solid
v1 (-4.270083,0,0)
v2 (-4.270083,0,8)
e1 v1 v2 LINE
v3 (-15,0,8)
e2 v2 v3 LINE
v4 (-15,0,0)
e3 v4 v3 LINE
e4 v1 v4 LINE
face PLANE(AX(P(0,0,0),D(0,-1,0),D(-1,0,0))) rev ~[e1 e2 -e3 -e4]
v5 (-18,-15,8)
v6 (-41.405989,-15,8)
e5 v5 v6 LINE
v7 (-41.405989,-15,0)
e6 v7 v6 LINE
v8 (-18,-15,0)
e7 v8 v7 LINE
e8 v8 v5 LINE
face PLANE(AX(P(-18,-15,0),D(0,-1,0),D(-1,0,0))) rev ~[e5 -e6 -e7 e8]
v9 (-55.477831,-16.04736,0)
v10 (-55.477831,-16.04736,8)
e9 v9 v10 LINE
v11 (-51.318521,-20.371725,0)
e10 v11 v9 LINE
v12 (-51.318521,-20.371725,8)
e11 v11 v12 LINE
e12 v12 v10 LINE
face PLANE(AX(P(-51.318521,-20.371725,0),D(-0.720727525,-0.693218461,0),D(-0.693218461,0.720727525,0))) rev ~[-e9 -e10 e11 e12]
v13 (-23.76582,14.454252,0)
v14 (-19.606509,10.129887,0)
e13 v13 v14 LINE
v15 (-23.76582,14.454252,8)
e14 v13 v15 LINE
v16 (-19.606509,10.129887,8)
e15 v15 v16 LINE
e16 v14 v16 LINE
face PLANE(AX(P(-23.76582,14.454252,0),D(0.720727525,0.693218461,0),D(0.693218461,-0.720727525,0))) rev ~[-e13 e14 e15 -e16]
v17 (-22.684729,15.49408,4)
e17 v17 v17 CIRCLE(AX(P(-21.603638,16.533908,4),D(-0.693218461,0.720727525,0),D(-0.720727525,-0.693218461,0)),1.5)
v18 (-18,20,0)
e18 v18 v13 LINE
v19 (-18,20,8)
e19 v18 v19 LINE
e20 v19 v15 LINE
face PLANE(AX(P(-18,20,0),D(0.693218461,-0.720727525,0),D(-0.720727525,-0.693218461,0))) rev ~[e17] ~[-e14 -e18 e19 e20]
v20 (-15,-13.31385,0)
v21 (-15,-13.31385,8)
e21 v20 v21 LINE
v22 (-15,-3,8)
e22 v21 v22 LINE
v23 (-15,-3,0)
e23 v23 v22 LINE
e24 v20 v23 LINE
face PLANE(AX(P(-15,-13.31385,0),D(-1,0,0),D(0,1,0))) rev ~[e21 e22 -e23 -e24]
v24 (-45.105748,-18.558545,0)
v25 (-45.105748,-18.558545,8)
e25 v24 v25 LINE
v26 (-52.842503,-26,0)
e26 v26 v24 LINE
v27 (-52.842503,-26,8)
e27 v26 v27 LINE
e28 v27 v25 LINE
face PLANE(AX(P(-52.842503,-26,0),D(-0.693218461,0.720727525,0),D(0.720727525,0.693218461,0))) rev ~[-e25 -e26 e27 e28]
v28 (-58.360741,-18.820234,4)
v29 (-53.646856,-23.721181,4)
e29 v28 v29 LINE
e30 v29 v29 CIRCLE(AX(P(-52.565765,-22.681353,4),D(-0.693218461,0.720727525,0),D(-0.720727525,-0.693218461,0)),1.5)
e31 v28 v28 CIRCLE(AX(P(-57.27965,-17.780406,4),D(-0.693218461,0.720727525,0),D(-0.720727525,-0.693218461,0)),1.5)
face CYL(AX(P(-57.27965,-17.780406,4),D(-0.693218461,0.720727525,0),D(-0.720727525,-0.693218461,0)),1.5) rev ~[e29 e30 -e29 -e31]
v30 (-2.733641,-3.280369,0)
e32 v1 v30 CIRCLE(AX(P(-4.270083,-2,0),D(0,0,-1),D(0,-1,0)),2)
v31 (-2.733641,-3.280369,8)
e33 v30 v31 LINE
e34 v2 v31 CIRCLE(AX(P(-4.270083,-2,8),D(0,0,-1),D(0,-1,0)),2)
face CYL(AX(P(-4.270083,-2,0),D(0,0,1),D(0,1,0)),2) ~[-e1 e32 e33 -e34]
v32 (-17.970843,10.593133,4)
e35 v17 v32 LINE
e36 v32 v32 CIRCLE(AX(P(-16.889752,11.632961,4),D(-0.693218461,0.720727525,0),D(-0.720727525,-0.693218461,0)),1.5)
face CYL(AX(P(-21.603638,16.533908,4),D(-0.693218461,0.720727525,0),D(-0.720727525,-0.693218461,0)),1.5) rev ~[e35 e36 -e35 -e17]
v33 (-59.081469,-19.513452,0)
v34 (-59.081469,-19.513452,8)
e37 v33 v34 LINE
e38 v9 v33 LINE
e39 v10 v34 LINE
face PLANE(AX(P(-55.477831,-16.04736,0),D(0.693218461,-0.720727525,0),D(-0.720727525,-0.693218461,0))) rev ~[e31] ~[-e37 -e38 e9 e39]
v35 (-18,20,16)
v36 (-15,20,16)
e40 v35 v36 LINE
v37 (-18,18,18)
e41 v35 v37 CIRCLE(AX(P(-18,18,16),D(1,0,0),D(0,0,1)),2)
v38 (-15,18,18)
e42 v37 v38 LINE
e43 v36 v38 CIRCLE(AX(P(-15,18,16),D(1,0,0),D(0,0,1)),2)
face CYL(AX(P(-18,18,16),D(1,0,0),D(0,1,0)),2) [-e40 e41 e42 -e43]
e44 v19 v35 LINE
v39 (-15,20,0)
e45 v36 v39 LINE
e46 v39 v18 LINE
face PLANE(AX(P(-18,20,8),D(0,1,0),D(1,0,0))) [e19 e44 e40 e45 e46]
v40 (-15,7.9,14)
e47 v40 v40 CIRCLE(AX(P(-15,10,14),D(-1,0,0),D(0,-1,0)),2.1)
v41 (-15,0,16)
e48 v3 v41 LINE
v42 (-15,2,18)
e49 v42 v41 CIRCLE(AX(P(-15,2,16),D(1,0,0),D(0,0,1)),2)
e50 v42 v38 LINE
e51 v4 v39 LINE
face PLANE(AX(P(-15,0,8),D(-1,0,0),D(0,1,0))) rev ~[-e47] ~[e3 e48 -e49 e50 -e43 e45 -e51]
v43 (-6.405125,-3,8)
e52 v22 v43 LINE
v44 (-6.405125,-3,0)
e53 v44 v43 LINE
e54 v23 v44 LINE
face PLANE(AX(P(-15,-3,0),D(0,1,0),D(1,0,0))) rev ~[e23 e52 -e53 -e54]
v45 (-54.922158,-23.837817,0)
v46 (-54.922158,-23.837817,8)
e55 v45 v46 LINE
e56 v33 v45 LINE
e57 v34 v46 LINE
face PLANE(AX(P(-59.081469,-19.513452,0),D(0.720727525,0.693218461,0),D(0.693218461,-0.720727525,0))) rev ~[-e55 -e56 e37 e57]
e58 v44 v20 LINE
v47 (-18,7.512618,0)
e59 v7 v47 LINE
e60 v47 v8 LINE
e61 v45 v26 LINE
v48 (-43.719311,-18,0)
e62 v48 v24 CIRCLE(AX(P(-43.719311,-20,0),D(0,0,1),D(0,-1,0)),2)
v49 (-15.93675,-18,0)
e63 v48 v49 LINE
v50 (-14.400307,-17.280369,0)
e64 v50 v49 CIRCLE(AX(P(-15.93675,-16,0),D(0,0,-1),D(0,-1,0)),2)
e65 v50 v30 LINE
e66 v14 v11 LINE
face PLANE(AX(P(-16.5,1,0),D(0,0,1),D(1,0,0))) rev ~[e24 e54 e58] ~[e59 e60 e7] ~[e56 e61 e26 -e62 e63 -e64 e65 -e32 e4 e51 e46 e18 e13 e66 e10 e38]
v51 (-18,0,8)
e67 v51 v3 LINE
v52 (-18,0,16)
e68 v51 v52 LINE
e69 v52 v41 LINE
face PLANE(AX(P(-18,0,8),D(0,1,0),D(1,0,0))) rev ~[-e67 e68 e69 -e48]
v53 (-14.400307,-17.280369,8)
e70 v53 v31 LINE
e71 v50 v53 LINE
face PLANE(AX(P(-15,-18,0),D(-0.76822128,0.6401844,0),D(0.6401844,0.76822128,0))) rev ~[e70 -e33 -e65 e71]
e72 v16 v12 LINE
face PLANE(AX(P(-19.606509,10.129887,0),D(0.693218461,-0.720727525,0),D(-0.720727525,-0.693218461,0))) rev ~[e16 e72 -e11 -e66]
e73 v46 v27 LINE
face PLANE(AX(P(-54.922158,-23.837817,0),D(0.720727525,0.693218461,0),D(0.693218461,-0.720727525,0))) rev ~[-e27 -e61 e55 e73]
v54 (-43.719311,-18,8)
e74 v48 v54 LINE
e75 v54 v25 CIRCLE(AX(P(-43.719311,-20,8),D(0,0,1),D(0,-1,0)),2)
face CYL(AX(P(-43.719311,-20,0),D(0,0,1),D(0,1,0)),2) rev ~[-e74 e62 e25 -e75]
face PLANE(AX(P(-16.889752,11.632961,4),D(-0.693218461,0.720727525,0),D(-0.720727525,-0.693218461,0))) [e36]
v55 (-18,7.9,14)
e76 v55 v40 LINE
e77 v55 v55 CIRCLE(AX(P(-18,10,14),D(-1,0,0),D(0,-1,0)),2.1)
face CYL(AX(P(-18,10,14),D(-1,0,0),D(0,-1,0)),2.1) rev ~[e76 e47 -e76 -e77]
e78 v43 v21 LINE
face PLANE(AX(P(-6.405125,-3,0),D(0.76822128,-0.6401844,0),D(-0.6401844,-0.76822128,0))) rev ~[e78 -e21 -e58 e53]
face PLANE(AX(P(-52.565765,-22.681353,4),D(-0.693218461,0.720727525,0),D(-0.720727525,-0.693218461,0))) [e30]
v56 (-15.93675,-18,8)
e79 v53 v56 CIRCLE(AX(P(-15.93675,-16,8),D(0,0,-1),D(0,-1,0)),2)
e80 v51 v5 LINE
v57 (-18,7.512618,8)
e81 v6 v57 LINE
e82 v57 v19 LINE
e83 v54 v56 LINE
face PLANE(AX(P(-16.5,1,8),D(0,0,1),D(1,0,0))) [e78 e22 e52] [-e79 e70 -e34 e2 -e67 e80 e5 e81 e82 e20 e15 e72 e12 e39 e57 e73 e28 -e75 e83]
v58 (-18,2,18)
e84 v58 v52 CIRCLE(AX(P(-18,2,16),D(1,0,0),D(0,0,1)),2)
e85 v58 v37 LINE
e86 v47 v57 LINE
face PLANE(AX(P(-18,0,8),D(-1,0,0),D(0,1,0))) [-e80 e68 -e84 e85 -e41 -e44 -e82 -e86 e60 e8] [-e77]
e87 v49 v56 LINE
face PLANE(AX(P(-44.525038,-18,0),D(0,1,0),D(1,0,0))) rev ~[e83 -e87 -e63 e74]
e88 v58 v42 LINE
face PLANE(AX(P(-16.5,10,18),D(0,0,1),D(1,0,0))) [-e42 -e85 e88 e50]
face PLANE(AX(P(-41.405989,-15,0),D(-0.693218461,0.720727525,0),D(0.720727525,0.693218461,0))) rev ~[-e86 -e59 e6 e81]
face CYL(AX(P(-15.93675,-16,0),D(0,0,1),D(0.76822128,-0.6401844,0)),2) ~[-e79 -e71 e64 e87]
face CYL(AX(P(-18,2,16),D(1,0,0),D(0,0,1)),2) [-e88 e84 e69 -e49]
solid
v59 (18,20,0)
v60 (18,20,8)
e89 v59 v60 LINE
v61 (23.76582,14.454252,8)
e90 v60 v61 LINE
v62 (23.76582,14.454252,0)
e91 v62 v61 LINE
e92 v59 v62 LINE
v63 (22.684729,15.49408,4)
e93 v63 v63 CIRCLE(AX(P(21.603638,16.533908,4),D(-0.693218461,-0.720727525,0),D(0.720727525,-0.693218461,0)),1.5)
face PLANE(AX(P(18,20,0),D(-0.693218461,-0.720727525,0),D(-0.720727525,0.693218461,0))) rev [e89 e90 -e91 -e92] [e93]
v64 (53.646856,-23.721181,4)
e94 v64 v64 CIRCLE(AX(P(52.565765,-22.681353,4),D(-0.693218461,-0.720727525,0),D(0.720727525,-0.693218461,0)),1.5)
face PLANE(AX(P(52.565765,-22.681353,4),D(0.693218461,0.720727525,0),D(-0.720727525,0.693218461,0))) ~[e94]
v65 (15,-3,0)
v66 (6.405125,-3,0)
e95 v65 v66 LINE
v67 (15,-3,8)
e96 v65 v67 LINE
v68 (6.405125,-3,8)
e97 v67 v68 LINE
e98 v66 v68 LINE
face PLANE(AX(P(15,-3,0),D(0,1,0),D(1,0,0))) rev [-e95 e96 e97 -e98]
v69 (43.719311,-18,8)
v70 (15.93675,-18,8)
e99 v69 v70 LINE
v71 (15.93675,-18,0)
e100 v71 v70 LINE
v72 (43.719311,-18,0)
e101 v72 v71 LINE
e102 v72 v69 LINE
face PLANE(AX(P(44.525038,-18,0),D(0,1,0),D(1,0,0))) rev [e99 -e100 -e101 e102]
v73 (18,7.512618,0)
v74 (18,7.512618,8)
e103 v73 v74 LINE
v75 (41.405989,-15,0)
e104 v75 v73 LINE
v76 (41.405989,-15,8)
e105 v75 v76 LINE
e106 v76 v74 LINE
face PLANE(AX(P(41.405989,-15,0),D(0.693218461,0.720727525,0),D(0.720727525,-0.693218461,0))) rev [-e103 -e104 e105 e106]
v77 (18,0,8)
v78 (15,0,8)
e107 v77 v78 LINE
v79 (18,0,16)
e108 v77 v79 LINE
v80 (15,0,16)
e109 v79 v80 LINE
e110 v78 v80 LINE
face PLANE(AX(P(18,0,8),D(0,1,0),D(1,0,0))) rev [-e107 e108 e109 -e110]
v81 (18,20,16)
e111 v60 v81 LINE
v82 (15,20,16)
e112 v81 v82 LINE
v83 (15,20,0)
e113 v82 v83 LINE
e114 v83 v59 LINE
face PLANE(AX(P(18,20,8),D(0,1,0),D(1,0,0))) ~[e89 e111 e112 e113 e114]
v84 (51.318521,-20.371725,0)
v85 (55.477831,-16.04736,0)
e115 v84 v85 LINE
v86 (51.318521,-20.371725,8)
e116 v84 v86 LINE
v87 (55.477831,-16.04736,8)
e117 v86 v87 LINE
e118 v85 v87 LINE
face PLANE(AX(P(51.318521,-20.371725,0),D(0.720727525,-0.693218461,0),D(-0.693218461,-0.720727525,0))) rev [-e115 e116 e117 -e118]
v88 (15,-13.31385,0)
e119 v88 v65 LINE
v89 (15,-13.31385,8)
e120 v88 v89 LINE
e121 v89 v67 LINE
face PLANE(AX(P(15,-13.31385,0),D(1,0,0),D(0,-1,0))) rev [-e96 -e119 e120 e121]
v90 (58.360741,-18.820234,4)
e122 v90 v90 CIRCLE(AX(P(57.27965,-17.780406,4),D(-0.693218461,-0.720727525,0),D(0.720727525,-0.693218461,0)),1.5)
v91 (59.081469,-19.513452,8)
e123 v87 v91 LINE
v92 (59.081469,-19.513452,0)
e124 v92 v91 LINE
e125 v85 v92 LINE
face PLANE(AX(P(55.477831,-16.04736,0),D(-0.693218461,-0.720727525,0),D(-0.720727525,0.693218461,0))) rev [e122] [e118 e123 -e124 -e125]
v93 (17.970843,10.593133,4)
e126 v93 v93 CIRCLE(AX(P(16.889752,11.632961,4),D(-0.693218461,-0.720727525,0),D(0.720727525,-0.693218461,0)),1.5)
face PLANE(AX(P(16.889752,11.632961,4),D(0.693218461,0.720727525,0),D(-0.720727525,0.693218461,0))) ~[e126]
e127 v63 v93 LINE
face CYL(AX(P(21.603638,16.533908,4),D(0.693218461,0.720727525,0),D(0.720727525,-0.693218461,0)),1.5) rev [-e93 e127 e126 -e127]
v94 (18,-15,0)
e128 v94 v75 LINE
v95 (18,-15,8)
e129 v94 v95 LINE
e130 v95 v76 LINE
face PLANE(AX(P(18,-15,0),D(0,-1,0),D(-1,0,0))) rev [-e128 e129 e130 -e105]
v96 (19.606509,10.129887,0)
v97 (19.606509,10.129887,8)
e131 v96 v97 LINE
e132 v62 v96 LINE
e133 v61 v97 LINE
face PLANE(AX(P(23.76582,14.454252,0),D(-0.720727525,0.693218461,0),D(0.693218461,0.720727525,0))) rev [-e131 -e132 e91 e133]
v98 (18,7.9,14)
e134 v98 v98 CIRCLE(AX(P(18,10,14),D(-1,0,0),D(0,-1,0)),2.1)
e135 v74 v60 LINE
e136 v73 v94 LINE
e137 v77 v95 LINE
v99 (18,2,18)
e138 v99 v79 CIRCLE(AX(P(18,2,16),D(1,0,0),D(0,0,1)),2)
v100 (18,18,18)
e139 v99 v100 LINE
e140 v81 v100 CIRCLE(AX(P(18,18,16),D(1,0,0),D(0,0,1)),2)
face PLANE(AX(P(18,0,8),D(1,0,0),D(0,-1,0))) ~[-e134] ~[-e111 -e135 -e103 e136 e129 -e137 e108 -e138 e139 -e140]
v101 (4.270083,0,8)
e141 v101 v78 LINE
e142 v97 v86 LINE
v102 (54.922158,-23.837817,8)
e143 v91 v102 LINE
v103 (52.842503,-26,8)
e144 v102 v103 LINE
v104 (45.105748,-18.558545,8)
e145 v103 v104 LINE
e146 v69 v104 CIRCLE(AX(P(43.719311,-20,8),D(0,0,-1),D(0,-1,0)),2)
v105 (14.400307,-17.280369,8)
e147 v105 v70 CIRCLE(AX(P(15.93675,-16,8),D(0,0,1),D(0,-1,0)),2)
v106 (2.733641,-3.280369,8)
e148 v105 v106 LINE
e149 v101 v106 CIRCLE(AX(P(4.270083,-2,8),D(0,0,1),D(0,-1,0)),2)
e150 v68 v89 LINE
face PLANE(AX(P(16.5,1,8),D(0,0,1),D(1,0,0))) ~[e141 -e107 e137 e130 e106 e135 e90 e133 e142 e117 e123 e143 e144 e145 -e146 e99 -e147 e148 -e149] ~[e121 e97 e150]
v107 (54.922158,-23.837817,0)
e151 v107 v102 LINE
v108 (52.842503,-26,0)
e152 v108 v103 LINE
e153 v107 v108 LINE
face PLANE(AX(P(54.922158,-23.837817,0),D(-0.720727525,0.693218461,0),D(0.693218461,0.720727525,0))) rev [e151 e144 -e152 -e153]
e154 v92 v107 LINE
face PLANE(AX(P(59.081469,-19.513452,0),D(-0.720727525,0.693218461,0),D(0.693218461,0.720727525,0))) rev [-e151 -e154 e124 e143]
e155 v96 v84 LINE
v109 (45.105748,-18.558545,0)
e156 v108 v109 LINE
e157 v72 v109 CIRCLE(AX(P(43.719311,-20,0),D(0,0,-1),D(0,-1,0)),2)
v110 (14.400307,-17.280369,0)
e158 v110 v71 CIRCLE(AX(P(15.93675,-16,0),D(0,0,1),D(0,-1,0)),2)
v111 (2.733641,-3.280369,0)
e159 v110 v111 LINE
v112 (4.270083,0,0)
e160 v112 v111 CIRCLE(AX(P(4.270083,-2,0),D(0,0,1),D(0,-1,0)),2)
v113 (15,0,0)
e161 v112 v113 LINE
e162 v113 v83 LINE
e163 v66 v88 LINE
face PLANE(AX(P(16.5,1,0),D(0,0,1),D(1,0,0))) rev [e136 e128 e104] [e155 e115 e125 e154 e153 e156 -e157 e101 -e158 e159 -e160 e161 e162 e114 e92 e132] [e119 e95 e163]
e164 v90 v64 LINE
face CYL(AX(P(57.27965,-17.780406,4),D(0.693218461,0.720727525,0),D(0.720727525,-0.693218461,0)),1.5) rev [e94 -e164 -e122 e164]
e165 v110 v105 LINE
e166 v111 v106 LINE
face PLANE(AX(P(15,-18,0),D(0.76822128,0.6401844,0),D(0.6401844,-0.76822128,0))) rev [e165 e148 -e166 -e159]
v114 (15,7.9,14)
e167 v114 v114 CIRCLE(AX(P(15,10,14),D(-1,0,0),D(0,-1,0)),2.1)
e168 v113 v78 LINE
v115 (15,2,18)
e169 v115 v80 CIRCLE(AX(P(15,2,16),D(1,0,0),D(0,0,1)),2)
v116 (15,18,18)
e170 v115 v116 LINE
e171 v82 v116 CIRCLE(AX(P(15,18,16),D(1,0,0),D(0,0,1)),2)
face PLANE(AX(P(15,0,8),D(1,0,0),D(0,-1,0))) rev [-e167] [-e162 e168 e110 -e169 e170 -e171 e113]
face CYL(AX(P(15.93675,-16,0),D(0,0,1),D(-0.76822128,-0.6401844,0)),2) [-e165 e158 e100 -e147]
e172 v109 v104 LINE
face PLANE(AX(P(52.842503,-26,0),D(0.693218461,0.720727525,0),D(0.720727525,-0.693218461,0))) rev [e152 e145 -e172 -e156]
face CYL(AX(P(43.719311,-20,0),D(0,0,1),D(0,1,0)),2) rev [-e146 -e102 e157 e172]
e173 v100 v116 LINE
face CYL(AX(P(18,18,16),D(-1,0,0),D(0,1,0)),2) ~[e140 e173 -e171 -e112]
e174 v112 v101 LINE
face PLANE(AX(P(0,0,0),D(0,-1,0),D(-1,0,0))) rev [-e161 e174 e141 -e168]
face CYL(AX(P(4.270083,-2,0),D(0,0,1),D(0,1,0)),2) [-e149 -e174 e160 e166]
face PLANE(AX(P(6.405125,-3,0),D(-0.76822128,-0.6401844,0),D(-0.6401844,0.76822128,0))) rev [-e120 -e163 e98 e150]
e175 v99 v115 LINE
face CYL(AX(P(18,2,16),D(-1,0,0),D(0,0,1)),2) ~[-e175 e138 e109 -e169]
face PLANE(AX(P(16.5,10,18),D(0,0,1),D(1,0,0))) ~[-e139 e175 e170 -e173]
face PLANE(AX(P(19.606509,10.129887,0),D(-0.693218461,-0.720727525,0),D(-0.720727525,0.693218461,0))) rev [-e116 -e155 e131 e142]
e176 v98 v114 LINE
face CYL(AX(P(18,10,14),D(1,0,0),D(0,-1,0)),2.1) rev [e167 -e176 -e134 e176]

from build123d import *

# Parameters (mm, degrees)
F1_DEPTH = 8
F2_R     = 1.5
F3_DEPTH = 6.8
F4_W     = 3
F4_H     = 20
F5_DEPTH = 10
F6_R     = 2
F7_R     = 2.1
F8_DEPTH = 15.7309167747


with BuildPart() as f1:
    # F0 (on Top) → F1 (new body)
    with BuildSketch(Plane.XY):
        Polygon((-15, 20), (-18, 20), (-18, 11.6750785959), (-18, 7.5126178938), (-18, -15), (-18, -18), (-15, -18), (-15, -13.3138501945), (-15, -3), (-15, 0), align=None)
        Polygon((-18, 11.6750785959), (-18, 20), (-23.7658202006, 14.4542523124), (-19.6065094348, 10.129887162), align=None)
        Polygon((-18, 7.5126178938), (-18, 11.6750785959), (-19.6065094348, 10.129887162), (-51.3185205379, -20.37172512), (-54.9221581632, -23.8378174248), (-52.8425027804, -26), (-44.5250379041, -18), (-41.4059885755, -15), align=None)
        Polygon((0, 0), (-15, 0), (-15, -3), (-6.405124838, -3), (-15, -13.3138501945), (-15, -18), align=None)
        Polygon((-18, -18), (-18, -15), (-41.4059885755, -15), (-44.5250379041, -18), align=None)
        Polygon((-54.9221581632, -23.8378174248), (-51.3185205379, -20.37172512), (-55.4778313036, -16.0473599696), (-59.081468929, -19.5134522744), align=None)
    extrude(amount=F1_DEPTH)

    # F2 (on face) → F3 (cut)
    with BuildSketch(Plane(origin=(-18.6423655368, 19.3821525704, 0), x_dir=(-0.7207275251, -0.693218461, 0), z_dir=(-0.693218461, 0.7207275251, 0))):
        with Locations((53.6087262322, 4)):
            Circle(F2_R)
        with Locations((4.1087262322, 4)):
            Circle(F2_R)
    extrude(amount=-F3_DEPTH, mode=Mode.SUBTRACT)

    # F4 (on face) → F5 (join)
    with BuildSketch(Plane.XY.offset(8)):
        with Locations((-16.5, 10)):
            Rectangle(F4_W, F4_H)
    extrude(amount=F5_DEPTH)

    # F6
    f6_edges = [f1.edges().sort_by_distance(p)[0] for p in [
        (0, 0, 4),
        (-15, -18, 4),
        (-44.525038, -18, 4),
        (-16.5, 0, 18),
        (-16.5, 20, 18),
    ]]
    fillet(f6_edges, radius=F6_R)

    # F7 (on face) → F8 (cut, through all)
    with BuildSketch(Plane(origin=(-18, 0, 0), x_dir=(0, -1, 0), z_dir=(-1, 0, 0))):
        with Locations((-10, 14)):
            Circle(F7_R)
    extrude(amount=-F8_DEPTH, mode=Mode.SUBTRACT)


with BuildPart() as f9_1:
    # F9: instance of F1
    add(f1.part.mirror(Plane.YZ))


solid = Compound([f1.part, f9_1.part])
